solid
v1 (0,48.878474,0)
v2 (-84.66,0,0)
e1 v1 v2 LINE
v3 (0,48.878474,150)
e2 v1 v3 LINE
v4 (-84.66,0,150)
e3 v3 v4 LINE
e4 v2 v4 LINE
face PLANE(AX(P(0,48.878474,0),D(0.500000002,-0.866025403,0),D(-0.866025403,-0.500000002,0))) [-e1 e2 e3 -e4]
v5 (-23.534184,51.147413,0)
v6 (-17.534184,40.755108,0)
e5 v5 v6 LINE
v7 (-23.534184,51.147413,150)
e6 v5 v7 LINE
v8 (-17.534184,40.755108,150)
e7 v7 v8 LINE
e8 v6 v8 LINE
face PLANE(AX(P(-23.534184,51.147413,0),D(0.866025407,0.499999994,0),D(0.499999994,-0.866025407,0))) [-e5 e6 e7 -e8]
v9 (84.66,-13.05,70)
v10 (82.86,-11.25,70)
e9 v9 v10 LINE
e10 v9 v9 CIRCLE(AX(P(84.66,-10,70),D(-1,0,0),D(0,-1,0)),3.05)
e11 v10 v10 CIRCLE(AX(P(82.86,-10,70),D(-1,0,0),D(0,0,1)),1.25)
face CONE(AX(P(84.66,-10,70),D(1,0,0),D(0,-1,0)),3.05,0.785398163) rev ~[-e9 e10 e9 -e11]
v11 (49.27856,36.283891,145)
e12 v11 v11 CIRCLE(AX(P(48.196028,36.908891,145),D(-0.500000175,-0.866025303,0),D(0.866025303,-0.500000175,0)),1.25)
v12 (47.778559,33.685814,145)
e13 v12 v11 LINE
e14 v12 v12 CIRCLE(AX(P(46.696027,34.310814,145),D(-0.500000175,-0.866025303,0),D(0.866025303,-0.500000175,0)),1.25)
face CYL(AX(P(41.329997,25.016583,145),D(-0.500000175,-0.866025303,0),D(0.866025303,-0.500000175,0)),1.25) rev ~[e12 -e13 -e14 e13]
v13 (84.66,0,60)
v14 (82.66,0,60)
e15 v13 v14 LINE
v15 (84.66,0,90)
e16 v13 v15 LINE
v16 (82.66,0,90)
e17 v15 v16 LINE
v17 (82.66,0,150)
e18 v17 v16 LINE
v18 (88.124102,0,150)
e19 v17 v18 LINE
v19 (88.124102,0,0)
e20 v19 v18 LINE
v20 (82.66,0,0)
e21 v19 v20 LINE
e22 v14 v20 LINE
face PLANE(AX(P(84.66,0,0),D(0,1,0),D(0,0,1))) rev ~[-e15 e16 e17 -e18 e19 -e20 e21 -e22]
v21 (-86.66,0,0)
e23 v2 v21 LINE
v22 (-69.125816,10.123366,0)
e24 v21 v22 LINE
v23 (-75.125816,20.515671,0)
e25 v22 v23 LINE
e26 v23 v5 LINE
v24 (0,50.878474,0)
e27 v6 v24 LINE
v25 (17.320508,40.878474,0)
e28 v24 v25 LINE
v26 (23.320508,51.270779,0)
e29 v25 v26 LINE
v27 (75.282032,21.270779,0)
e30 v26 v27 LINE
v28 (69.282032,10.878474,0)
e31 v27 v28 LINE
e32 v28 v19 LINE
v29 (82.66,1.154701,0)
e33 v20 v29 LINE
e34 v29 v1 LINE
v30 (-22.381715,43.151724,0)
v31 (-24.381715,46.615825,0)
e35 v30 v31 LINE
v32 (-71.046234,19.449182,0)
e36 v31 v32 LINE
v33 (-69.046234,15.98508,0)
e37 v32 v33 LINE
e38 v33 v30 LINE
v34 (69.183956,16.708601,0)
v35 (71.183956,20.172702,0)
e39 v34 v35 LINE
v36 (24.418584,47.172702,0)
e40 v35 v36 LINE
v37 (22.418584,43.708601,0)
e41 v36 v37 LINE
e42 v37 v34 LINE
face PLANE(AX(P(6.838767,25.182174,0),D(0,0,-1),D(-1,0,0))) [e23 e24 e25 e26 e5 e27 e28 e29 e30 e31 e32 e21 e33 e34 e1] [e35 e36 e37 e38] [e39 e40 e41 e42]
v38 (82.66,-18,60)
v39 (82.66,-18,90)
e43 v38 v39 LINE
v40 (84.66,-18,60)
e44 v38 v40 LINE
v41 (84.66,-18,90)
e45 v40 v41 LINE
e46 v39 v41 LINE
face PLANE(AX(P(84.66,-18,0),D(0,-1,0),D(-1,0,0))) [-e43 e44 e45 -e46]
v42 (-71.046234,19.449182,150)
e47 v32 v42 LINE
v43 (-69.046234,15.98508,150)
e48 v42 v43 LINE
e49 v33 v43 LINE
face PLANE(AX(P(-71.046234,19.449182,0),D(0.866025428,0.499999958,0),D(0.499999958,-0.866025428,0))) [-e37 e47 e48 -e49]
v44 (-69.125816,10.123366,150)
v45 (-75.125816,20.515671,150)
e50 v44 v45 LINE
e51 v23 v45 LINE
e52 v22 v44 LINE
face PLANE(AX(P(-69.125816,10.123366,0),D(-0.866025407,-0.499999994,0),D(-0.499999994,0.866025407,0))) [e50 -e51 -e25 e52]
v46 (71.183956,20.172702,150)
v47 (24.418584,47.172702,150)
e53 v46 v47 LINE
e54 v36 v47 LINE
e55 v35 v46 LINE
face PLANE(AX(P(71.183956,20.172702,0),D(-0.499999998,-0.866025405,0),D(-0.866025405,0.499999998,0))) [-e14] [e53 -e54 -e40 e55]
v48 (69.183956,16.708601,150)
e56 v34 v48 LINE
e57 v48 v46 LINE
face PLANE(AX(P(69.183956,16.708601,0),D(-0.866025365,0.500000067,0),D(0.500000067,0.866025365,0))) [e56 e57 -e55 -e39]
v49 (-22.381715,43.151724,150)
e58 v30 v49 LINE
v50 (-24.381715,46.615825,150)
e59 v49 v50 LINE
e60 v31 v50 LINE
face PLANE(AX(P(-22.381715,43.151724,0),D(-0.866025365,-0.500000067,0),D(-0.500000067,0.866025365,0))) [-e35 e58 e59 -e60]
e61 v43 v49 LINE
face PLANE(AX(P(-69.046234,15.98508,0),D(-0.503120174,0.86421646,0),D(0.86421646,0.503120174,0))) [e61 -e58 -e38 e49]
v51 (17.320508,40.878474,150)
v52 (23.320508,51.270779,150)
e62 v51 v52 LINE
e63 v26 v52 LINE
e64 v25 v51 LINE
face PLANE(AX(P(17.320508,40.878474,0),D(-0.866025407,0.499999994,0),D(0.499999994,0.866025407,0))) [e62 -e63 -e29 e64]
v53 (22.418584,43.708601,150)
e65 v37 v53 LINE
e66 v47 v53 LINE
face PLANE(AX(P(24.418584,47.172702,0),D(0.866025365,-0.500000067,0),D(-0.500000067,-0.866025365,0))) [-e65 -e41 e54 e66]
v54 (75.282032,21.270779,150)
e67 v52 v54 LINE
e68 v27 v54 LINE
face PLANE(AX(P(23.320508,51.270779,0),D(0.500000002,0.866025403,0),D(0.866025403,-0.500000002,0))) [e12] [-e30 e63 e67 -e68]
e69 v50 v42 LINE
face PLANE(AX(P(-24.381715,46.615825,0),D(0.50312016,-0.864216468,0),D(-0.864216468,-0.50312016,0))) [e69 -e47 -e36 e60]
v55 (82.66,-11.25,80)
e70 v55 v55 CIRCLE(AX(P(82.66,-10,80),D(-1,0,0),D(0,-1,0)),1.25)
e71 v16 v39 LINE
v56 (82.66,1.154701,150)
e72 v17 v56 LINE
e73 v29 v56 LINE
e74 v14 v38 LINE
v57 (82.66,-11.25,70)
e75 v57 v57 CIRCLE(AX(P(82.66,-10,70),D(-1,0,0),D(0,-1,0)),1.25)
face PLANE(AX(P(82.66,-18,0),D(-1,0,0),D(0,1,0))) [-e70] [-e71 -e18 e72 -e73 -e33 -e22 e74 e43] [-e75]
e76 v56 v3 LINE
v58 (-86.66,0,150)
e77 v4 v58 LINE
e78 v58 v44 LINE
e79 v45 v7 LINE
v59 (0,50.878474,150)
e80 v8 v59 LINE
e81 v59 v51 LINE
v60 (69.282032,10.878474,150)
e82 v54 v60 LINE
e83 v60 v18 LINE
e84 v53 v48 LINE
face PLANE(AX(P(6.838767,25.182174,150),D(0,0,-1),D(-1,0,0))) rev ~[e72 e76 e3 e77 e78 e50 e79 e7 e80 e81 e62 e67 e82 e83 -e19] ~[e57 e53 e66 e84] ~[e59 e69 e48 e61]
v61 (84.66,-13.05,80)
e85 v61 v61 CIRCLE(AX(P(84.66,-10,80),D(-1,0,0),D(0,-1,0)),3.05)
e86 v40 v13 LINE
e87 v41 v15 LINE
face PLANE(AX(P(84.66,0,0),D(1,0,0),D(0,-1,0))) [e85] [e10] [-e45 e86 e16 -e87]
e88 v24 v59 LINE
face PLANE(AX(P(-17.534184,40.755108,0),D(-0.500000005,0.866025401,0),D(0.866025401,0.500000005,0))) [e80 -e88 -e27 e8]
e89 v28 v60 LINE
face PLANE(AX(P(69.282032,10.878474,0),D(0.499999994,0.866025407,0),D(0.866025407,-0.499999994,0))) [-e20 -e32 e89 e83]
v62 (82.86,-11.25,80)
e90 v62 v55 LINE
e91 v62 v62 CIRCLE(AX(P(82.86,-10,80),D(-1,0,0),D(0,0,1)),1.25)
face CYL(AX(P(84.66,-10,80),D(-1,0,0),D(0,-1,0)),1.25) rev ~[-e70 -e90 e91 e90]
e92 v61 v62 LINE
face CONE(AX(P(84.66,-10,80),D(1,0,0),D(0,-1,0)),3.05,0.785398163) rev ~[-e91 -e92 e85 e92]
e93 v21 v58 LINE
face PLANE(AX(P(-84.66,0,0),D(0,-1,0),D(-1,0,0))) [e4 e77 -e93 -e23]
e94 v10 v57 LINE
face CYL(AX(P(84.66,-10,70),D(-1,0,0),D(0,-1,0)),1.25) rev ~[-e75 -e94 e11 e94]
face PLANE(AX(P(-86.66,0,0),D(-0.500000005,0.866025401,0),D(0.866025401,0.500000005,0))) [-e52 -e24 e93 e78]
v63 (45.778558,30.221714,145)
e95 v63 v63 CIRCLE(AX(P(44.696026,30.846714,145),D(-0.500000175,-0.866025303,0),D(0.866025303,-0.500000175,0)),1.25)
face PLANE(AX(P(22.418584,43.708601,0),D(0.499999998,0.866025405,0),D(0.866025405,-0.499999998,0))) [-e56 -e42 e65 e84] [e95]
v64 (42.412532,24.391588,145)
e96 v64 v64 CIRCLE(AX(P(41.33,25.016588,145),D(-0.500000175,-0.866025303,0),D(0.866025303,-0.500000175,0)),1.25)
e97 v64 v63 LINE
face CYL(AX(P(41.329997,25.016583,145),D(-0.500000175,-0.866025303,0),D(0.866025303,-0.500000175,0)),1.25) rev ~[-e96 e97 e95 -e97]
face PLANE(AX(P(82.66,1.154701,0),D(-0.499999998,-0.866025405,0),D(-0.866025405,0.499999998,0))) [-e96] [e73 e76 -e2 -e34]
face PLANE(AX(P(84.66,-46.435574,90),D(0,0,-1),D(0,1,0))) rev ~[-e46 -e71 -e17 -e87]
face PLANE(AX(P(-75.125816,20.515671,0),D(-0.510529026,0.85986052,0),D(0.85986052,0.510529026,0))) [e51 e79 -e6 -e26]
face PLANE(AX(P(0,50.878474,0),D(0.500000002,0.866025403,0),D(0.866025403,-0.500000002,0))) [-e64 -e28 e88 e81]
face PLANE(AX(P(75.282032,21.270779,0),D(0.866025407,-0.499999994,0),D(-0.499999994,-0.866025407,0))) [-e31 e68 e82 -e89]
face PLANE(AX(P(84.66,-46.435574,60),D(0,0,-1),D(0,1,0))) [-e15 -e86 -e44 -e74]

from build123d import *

# Parameters (mm, degrees)
PAD_DEPTH        = 150
SKETCH001_W      = 46.435574
SKETCH001_H      = 60
POCKET_DEPTH     = 5
HOLE_D           = 2.5
HOLE_DEPTH       = 25
HOLE_CSINK_D     = 6.1
HOLE_CSINK_ANGLE = 90
HOLE_TIPS_R      = 1.25
SKETCH011_R      = 1.25
HOLE001_DEPTH    = 25
HOLE001_TIPS_R   = 1.25


with BuildPart() as part:
    # Sketch → Pad (new body)
    with BuildSketch(Plane.XY):
        Polygon((82.66, 1.154701), (0, 48.878474), (-84.66, 0), (-86.66, 0), (-69.125816, 10.123366), (-75.125816, 20.515671), (-23.534184, 51.147413), (-17.534184, 40.755108), (0, 50.878474), (17.320508, 40.878474), (23.320508, 51.270779), (75.282032, 21.270779), (69.282032, 10.878474), (88.124102, 0), (84.66, 0), (84.66, -18), (82.66, -18), align=None)
        Polygon((-71.046234, 19.449182), (-69.046234, 15.98508), (-22.381715, 43.151724), (-24.381715, 46.615825), align=None, mode=Mode.SUBTRACT)
        Polygon((69.183956, 16.708601), (71.183956, 20.172702), (24.418584, 47.172702), (22.418584, 43.708601), align=None, mode=Mode.SUBTRACT)
    extrude(amount=PAD_DEPTH)

    # Sketch001 (on Face1 of Pad) → Pocket (cut)
    with BuildSketch(Plane.YZ.offset(84.66)):
        with Locations((-23.217787, 30)):
            Rectangle(SKETCH001_W, SKETCH001_H)
        with Locations((-23.217787, 120)):
            Rectangle(SKETCH001_W, SKETCH001_H)
    extrude(amount=-POCKET_DEPTH, mode=Mode.SUBTRACT)

    # Hole
    with Locations(Plane.YZ.offset(84.66)):
        with Locations((-10, 80), (-10, 70)):
            CounterSinkHole(HOLE_D / 2, HOLE_CSINK_D / 2, depth=HOLE_DEPTH, counter_sink_angle=HOLE_CSINK_ANGLE)

    # Hole tips → Hole tip 1 section 0
    with BuildSketch(Plane.YZ.offset(59.66), mode=Mode.PRIVATE) as hole_tip_1_s0:
        with Locations((-10, 80)):
            Circle(HOLE_TIPS_R)
    loft([hole_tip_1_s0.sketch, Vertex(58.908924, -10, 80)], mode=Mode.SUBTRACT)

    # Hole tips → Hole tip 2 section 0
    with BuildSketch(Plane.YZ.offset(59.66), mode=Mode.PRIVATE) as hole_tip_2_s0:
        with Locations((-10, 70)):
            Circle(HOLE_TIPS_R)
    loft([hole_tip_2_s0.sketch, Vertex(58.908924, -10, 70)], mode=Mode.SUBTRACT)

    # Sketch011 (on Face14 of Hole) → Hole001 (cut)
    with BuildSketch(Plane(origin=(21.165, 36.658855, 0), x_dir=(0.866025, -0.5, 0), z_dir=(-0.5, -0.866025, 0))):
        with Locations((23.284536, 145)):
            Circle(SKETCH011_R)
    extrude(amount=-HOLE001_DEPTH, mode=Mode.SUBTRACT)

    # Hole001 tips → Hole001 tip 1 section 0
    with BuildSketch(Plane(origin=(33.665, 58.30949, 0), x_dir=(0.866025, -0.5, 0), z_dir=(-0.5, -0.866025, 0)), mode=Mode.PRIVATE) as hole001_tip_1_s0:
        with Locations((23.284536, 145)):
            Circle(HOLE001_TIPS_R)
    loft([hole001_tip_1_s0.sketch, Vertex(54.205538, 47.317673, 145)], mode=Mode.SUBTRACT)


solid = part.part
